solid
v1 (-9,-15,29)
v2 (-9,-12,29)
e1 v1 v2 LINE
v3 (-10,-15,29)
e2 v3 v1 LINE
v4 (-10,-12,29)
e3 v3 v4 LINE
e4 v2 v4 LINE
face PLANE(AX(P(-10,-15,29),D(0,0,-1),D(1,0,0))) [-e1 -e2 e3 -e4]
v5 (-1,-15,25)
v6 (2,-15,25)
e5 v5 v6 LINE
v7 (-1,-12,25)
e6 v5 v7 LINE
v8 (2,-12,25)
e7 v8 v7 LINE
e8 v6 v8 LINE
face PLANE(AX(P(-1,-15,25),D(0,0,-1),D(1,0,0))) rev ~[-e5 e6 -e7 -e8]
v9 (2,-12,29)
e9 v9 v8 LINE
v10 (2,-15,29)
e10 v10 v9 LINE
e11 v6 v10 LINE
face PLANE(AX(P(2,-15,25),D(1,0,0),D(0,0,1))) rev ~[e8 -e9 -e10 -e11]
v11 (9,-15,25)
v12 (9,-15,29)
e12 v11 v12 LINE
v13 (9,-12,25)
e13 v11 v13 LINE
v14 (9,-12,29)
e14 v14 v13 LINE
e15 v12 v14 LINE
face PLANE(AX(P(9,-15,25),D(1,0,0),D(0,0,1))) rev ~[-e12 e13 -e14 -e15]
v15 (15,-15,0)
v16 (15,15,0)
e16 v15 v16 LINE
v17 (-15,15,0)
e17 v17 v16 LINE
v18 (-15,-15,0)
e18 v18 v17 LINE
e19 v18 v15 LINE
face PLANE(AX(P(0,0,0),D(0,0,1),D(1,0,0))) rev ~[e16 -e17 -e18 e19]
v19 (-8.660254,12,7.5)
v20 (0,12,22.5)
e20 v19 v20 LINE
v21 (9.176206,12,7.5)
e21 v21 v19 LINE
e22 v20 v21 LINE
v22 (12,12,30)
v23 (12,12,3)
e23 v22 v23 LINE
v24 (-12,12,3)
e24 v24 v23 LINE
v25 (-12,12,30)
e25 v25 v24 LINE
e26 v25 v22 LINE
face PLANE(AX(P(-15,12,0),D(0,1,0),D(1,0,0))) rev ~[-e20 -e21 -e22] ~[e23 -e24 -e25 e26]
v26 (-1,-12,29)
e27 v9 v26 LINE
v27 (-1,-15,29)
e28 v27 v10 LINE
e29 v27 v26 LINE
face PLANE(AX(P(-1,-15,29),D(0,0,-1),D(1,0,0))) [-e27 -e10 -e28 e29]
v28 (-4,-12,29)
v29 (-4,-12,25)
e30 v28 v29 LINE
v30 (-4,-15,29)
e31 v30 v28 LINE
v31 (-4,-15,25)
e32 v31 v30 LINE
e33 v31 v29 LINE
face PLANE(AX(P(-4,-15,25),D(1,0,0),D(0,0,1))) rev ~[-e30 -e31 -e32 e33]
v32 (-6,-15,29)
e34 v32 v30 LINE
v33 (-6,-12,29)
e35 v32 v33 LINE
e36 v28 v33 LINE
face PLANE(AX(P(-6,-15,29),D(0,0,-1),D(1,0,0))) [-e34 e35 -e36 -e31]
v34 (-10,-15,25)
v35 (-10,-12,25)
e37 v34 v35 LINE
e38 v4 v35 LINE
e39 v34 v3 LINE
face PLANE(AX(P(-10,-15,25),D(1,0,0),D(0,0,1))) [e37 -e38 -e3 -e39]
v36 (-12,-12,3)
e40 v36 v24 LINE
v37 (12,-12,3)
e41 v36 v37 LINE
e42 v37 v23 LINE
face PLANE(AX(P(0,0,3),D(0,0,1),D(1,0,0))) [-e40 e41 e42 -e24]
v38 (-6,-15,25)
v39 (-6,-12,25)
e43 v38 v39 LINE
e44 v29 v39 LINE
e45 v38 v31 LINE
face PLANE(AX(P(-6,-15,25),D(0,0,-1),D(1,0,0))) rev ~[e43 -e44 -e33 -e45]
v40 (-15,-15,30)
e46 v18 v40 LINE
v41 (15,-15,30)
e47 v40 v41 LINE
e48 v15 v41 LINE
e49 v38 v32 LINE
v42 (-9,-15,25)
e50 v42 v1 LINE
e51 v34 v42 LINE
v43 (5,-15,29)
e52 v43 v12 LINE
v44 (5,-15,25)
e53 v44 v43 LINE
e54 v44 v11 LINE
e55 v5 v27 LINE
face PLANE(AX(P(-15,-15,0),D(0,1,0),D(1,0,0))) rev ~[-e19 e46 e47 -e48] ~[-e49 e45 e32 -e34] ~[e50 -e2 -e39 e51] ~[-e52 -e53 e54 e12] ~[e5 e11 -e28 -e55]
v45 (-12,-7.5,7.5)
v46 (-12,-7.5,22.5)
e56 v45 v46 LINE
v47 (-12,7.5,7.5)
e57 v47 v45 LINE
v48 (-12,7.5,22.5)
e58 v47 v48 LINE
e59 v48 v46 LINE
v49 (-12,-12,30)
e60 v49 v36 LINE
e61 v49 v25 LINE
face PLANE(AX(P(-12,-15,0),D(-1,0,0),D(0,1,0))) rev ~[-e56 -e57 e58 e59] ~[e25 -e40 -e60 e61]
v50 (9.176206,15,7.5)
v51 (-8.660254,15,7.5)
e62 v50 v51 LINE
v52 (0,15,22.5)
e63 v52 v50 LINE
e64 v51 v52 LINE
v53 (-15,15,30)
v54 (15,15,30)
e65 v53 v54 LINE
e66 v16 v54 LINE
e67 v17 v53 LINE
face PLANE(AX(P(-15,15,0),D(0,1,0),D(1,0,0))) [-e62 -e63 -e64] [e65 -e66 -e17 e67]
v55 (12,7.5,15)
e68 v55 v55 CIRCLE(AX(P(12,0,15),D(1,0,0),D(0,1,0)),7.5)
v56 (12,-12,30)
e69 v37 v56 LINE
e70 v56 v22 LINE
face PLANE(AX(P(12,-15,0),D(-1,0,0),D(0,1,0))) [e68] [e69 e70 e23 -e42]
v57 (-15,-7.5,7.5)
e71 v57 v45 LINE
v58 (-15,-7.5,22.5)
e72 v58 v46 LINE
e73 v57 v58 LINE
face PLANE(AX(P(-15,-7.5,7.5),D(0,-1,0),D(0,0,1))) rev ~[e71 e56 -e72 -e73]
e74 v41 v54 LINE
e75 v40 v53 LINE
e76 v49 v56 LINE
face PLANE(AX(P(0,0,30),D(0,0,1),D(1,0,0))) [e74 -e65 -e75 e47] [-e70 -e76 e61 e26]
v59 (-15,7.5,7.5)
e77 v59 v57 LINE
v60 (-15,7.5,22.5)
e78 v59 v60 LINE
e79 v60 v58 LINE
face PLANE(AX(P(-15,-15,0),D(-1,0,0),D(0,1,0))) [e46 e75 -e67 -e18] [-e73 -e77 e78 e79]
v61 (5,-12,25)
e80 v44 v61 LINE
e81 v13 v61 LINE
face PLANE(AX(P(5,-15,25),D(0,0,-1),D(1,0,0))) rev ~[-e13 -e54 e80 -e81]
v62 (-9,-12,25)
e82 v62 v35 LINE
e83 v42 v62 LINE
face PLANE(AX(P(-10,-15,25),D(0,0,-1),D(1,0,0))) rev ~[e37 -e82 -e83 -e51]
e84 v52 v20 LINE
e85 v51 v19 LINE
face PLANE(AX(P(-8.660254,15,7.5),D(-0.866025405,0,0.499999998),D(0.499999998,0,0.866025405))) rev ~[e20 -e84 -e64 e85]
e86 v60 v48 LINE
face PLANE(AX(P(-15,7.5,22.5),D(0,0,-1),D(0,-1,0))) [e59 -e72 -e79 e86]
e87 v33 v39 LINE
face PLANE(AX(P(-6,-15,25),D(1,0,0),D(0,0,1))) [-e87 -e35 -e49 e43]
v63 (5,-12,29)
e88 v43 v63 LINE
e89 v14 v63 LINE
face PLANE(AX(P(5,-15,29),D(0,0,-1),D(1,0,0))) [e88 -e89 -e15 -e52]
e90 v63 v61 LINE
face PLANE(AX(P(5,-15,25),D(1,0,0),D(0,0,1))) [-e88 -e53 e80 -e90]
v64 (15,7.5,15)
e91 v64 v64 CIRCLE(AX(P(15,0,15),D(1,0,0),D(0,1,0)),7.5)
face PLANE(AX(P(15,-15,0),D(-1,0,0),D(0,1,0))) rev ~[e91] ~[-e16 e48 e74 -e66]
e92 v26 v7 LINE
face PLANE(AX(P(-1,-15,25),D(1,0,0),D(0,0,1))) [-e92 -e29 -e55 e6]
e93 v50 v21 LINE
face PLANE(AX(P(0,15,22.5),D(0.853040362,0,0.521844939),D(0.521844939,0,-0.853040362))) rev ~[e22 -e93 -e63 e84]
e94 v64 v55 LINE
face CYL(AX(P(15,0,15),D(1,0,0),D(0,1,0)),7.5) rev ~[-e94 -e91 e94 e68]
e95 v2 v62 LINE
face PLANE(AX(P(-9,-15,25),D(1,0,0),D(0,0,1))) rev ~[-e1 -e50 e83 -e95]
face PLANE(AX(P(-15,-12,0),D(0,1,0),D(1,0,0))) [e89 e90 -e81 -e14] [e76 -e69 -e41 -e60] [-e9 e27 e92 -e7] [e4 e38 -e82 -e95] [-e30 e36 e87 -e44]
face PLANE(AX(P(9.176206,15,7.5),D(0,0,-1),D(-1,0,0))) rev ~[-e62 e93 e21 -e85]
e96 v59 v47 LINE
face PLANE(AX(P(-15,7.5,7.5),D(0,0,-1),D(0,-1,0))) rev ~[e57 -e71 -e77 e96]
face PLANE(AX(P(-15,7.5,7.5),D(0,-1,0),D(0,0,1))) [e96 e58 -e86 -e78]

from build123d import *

# Parameters (mm, degrees)
F0_W      = 30
F0_H      = 30
F1_DEPTH  = 30
F2_T      = -3
F3_W      = 15
F3_H      = 15
F4_DEPTH  = 3
F5_R      = 7.5
F6_DEPTH  = 3
F8_DEPTH  = 3
F9_W      = 1
F9_H      = 4
F9_W_2    = 2
F9_W_3    = 3
F9_W_4    = 4
F10_DEPTH = 4


with BuildPart() as f1:
    # F0 (on Top) → F1 (new body)
    with BuildSketch(Plane.XY):
        Rectangle(F0_W, F0_H)
    extrude(amount=F1_DEPTH)

    # F2
    f2_openings = [f1.faces().sort_by_distance(p)[0] for p in [
        (0, 0, 30),
    ]]
    offset(amount=F2_T, openings=f2_openings)

    # F3 (on face) → F4 (cut, through all)
    with BuildSketch(Plane(origin=(-15, 0, 0), x_dir=(0, -1, 0), z_dir=(-1, 0, 0))):
        with Locations((0, 15)):
            Rectangle(F3_W, F3_H)
    extrude(amount=-F4_DEPTH, mode=Mode.SUBTRACT)

    # F5 (on face) → F6 (cut, through all)
    with BuildSketch(Plane.YZ.offset(15)):
        with Locations((0, 15)):
            Circle(F5_R)
    extrude(amount=-F6_DEPTH, mode=Mode.SUBTRACT)

    # F7 (on face) → F8 (cut, through all)
    with BuildSketch(Plane(origin=(0, 15, 0), x_dir=(-1, 0, 0), z_dir=(0, 1, 0))):
        Polygon((8.660254, 7.5), (0, 22.5), (-9.176206, 7.5), align=None)
    extrude(amount=-F8_DEPTH, mode=Mode.SUBTRACT)

    # F9 (on face) → F10 (cut)
    with BuildSketch(Plane.XZ.offset(15)):
        with Locations((-9.5, 27)):
            Rectangle(F9_W, F9_H)
        with Locations((-5, 27)):
            Rectangle(F9_W_2, F9_H)
        with Locations((0.5, 27)):
            Rectangle(F9_W_3, F9_H)
        with Locations((7, 27)):
            Rectangle(F9_W_4, F9_H)
    extrude(amount=-F10_DEPTH, mode=Mode.SUBTRACT)


solid = f1.part
